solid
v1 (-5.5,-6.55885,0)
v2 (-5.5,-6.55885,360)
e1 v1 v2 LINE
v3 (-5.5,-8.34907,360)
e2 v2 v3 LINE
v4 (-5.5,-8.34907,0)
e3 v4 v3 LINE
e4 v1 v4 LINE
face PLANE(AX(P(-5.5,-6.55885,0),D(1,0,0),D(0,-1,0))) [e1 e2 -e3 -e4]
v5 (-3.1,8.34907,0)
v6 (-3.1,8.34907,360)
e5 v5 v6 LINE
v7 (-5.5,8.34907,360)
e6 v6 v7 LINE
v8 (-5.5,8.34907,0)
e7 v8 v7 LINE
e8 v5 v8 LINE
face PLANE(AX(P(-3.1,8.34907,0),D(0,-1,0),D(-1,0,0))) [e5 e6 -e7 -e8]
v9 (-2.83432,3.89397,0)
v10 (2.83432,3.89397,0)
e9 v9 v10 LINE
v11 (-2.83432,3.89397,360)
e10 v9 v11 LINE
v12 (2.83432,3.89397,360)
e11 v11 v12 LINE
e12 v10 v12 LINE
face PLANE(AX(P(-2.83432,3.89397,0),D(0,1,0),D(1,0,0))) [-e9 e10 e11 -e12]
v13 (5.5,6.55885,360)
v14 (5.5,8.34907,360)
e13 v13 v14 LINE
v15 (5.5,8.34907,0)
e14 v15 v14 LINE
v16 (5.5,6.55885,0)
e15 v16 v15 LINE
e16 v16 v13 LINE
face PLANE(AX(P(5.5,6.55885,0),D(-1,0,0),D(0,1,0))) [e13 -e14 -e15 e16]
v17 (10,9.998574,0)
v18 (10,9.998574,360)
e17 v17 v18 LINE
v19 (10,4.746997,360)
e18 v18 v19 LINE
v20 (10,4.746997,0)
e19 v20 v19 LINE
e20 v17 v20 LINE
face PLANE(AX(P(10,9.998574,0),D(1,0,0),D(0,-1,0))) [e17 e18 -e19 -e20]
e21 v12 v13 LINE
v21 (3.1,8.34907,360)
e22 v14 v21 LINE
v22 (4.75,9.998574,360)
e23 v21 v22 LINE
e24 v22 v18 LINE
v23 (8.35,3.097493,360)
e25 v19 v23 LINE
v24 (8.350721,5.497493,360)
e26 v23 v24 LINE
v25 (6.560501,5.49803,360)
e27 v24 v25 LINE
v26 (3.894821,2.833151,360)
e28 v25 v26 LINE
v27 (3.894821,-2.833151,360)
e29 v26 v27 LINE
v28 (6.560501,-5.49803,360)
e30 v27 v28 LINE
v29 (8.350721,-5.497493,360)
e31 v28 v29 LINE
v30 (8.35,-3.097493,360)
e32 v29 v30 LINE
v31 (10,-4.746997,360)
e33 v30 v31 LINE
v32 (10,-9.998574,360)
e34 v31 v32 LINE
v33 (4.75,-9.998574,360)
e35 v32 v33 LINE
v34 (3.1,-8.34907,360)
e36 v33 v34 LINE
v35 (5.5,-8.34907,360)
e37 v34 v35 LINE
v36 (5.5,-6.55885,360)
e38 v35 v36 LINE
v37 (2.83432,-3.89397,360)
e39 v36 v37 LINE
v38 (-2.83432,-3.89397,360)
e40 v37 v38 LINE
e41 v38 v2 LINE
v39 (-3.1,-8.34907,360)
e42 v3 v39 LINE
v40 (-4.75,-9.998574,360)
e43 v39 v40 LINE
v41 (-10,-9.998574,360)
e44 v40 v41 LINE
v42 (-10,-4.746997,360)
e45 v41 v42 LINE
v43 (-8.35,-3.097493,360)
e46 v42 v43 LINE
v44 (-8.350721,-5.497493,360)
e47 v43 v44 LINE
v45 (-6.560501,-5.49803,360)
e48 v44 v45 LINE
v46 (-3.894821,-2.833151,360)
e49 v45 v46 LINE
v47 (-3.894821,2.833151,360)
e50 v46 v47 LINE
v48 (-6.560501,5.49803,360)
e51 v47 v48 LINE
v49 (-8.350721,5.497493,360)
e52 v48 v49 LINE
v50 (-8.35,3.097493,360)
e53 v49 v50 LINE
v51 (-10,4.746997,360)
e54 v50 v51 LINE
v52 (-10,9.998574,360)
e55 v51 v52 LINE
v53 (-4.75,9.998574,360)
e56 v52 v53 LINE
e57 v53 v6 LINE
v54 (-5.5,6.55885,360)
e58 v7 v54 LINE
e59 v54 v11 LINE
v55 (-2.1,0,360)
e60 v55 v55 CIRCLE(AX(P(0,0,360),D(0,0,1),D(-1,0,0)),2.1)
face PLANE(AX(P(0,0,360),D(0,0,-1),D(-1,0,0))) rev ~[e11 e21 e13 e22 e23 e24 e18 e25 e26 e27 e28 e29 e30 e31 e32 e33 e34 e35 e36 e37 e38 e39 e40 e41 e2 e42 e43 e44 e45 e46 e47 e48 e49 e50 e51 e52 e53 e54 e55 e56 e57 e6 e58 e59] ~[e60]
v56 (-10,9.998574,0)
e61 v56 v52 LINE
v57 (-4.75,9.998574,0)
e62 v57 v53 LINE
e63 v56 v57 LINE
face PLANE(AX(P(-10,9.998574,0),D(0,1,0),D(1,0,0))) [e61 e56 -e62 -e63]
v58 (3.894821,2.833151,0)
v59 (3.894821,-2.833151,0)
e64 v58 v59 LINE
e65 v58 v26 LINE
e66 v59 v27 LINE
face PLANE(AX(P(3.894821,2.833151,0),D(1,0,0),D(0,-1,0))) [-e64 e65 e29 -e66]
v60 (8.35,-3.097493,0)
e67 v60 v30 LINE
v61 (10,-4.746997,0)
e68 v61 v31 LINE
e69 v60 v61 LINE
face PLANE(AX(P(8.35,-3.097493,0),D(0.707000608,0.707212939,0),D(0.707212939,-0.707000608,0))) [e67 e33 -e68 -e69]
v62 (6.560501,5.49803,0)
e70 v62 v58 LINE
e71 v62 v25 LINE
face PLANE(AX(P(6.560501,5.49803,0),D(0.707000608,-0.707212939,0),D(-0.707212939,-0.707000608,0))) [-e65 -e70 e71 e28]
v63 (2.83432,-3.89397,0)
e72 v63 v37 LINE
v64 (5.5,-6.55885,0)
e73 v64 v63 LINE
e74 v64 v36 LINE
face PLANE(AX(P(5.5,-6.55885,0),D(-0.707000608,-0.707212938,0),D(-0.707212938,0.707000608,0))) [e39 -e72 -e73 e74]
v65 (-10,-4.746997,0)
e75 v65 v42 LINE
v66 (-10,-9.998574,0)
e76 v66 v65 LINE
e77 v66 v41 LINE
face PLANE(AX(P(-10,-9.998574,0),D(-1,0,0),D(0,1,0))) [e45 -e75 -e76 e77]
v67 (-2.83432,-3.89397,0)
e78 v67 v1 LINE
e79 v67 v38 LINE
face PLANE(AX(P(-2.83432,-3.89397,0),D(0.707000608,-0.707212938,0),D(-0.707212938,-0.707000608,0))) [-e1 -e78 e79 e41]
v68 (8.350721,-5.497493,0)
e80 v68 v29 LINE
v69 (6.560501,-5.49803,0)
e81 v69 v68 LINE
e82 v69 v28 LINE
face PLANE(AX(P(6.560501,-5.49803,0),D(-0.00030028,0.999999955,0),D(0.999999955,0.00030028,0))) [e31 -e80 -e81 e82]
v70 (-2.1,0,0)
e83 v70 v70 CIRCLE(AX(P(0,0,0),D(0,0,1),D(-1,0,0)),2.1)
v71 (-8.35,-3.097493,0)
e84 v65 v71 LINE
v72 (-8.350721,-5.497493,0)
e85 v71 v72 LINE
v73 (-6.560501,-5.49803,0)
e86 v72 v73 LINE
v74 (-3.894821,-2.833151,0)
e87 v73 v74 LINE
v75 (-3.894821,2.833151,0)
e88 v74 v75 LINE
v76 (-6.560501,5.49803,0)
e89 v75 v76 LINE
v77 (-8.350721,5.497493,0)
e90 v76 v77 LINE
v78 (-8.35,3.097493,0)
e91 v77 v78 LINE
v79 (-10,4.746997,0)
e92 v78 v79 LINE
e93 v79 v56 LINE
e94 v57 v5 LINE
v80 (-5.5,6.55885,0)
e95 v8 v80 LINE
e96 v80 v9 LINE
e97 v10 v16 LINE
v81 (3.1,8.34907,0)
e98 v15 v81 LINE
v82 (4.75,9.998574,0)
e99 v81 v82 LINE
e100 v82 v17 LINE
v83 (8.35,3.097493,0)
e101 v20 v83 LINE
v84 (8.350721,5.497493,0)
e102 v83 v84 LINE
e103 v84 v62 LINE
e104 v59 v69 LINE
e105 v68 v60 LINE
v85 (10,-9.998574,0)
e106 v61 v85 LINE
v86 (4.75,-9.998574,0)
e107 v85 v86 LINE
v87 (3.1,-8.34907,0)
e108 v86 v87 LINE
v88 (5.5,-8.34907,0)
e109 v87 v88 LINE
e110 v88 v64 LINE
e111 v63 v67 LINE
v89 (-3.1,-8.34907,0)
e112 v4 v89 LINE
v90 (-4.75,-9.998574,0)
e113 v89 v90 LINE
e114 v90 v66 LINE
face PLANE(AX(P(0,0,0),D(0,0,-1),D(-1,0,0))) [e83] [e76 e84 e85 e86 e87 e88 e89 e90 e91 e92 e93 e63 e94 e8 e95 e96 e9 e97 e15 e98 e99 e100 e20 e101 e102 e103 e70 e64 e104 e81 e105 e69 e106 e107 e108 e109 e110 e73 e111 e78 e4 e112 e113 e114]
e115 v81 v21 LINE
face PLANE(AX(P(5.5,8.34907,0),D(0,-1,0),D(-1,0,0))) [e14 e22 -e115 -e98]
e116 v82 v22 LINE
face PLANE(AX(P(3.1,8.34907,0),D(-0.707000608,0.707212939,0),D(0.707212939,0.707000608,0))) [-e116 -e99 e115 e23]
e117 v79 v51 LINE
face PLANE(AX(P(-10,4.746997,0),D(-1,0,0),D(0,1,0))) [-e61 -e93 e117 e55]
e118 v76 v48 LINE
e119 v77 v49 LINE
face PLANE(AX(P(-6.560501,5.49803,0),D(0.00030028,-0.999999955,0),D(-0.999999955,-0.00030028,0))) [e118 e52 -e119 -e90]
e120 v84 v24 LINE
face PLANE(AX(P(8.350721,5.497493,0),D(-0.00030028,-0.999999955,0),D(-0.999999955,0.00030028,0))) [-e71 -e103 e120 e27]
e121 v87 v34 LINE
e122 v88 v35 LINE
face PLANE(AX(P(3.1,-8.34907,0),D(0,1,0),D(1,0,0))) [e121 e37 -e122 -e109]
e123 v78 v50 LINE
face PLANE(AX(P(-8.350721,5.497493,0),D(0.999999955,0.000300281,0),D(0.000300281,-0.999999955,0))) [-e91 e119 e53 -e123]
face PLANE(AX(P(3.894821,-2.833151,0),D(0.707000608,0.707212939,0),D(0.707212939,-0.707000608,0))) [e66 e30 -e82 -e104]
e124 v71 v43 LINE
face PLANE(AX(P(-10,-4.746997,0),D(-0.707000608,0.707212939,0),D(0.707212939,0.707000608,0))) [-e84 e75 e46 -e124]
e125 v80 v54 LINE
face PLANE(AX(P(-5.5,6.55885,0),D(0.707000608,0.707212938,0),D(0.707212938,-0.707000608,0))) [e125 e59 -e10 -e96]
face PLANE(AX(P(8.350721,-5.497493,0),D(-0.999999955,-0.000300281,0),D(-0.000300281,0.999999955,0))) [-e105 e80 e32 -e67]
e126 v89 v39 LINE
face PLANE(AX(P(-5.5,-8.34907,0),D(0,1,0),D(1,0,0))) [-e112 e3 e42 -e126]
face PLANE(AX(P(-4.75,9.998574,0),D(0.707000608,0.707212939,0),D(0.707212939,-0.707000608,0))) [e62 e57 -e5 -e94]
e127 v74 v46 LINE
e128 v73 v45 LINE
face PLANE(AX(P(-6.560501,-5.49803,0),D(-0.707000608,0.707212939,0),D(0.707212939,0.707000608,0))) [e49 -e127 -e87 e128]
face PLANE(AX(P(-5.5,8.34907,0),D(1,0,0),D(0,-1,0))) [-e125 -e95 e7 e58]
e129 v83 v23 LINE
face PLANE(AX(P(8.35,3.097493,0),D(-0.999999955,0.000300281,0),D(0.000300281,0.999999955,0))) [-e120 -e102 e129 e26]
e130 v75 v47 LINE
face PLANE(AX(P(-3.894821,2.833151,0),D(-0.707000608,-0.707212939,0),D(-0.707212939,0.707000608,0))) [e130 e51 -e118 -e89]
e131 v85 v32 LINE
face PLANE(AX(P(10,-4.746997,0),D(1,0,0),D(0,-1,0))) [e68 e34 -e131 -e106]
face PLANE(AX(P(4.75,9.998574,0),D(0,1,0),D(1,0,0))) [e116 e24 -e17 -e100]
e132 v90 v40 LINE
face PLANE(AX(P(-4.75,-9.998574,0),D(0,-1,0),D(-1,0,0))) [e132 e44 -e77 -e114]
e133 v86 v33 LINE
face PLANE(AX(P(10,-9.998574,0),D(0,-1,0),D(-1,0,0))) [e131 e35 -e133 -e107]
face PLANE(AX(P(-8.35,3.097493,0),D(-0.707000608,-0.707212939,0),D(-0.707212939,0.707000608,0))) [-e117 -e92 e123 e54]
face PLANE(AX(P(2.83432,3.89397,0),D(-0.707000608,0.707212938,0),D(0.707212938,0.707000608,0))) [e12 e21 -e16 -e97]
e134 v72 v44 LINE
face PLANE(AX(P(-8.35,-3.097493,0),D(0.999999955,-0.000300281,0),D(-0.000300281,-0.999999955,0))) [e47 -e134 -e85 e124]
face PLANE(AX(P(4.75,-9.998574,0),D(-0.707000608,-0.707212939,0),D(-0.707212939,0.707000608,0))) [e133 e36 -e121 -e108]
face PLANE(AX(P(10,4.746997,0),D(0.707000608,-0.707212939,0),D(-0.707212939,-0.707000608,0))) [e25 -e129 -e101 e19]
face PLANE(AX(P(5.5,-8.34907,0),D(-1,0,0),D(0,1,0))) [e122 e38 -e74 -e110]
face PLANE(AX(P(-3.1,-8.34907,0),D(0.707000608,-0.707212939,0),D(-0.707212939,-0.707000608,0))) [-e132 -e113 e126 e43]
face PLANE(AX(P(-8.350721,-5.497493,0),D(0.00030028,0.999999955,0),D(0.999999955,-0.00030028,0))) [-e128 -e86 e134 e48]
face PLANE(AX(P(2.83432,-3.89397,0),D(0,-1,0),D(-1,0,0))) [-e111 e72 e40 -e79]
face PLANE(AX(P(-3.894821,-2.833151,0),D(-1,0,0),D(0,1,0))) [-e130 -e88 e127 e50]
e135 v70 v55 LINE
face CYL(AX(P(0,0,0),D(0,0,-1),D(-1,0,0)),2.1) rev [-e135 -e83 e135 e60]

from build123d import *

# Parameters (mm, degrees)
SKETCH1_R           = 2.1
BOSS_EXTRUDE1_DEPTH = 360


with BuildPart() as part:
    # Sketch1 → Boss-Extrude1 (new body)
    with BuildSketch(Plane.XY):
        Polygon((2.834320347, 3.893970342), (5.5, 6.558849663), (5.5, 8.349069506), (3.1, 8.349069506), (4.75, 9.998574117), (10, 9.998574117), (10, 4.746997406), (8.35, 3.097492795), (8.350720674, 5.497492687), (6.560500912, 5.498030255), (3.894821259, 2.833150935), (3.894821259, -2.833150935), (6.560500912, -5.498030255), (8.350720674, -5.497492687), (8.35, -3.097492795), (10, -4.746997406), (10, -9.998574117), (4.75, -9.998574117), (3.1, -8.349069506), (5.5, -8.349069506), (5.5, -6.558849663), (2.834320347, -3.893970342), (-2.834320347, -3.893970342), (-5.5, -6.558849663), (-5.5, -8.349069506), (-3.1, -8.349069506), (-4.75, -9.998574117), (-10, -9.998574117), (-10, -4.746997406), (-8.35, -3.097492795), (-8.350720674, -5.497492687), (-6.560500912, -5.498030255), (-3.894821259, -2.833150935), (-3.894821259, 2.833150935), (-6.560500912, 5.498030255), (-8.350720674, 5.497492687), (-8.35, 3.097492795), (-10, 4.746997406), (-10, 9.998574117), (-4.75, 9.998574117), (-3.1, 8.349069506), (-5.5, 8.349069506), (-5.5, 6.558849663), (-2.834320347, 3.893970342), align=None)
        with Locations(Location((0, 0, 0), (0, 0, 180))):
            Circle(SKETCH1_R, mode=Mode.SUBTRACT)
    extrude(amount=BOSS_EXTRUDE1_DEPTH)


solid = part.part
